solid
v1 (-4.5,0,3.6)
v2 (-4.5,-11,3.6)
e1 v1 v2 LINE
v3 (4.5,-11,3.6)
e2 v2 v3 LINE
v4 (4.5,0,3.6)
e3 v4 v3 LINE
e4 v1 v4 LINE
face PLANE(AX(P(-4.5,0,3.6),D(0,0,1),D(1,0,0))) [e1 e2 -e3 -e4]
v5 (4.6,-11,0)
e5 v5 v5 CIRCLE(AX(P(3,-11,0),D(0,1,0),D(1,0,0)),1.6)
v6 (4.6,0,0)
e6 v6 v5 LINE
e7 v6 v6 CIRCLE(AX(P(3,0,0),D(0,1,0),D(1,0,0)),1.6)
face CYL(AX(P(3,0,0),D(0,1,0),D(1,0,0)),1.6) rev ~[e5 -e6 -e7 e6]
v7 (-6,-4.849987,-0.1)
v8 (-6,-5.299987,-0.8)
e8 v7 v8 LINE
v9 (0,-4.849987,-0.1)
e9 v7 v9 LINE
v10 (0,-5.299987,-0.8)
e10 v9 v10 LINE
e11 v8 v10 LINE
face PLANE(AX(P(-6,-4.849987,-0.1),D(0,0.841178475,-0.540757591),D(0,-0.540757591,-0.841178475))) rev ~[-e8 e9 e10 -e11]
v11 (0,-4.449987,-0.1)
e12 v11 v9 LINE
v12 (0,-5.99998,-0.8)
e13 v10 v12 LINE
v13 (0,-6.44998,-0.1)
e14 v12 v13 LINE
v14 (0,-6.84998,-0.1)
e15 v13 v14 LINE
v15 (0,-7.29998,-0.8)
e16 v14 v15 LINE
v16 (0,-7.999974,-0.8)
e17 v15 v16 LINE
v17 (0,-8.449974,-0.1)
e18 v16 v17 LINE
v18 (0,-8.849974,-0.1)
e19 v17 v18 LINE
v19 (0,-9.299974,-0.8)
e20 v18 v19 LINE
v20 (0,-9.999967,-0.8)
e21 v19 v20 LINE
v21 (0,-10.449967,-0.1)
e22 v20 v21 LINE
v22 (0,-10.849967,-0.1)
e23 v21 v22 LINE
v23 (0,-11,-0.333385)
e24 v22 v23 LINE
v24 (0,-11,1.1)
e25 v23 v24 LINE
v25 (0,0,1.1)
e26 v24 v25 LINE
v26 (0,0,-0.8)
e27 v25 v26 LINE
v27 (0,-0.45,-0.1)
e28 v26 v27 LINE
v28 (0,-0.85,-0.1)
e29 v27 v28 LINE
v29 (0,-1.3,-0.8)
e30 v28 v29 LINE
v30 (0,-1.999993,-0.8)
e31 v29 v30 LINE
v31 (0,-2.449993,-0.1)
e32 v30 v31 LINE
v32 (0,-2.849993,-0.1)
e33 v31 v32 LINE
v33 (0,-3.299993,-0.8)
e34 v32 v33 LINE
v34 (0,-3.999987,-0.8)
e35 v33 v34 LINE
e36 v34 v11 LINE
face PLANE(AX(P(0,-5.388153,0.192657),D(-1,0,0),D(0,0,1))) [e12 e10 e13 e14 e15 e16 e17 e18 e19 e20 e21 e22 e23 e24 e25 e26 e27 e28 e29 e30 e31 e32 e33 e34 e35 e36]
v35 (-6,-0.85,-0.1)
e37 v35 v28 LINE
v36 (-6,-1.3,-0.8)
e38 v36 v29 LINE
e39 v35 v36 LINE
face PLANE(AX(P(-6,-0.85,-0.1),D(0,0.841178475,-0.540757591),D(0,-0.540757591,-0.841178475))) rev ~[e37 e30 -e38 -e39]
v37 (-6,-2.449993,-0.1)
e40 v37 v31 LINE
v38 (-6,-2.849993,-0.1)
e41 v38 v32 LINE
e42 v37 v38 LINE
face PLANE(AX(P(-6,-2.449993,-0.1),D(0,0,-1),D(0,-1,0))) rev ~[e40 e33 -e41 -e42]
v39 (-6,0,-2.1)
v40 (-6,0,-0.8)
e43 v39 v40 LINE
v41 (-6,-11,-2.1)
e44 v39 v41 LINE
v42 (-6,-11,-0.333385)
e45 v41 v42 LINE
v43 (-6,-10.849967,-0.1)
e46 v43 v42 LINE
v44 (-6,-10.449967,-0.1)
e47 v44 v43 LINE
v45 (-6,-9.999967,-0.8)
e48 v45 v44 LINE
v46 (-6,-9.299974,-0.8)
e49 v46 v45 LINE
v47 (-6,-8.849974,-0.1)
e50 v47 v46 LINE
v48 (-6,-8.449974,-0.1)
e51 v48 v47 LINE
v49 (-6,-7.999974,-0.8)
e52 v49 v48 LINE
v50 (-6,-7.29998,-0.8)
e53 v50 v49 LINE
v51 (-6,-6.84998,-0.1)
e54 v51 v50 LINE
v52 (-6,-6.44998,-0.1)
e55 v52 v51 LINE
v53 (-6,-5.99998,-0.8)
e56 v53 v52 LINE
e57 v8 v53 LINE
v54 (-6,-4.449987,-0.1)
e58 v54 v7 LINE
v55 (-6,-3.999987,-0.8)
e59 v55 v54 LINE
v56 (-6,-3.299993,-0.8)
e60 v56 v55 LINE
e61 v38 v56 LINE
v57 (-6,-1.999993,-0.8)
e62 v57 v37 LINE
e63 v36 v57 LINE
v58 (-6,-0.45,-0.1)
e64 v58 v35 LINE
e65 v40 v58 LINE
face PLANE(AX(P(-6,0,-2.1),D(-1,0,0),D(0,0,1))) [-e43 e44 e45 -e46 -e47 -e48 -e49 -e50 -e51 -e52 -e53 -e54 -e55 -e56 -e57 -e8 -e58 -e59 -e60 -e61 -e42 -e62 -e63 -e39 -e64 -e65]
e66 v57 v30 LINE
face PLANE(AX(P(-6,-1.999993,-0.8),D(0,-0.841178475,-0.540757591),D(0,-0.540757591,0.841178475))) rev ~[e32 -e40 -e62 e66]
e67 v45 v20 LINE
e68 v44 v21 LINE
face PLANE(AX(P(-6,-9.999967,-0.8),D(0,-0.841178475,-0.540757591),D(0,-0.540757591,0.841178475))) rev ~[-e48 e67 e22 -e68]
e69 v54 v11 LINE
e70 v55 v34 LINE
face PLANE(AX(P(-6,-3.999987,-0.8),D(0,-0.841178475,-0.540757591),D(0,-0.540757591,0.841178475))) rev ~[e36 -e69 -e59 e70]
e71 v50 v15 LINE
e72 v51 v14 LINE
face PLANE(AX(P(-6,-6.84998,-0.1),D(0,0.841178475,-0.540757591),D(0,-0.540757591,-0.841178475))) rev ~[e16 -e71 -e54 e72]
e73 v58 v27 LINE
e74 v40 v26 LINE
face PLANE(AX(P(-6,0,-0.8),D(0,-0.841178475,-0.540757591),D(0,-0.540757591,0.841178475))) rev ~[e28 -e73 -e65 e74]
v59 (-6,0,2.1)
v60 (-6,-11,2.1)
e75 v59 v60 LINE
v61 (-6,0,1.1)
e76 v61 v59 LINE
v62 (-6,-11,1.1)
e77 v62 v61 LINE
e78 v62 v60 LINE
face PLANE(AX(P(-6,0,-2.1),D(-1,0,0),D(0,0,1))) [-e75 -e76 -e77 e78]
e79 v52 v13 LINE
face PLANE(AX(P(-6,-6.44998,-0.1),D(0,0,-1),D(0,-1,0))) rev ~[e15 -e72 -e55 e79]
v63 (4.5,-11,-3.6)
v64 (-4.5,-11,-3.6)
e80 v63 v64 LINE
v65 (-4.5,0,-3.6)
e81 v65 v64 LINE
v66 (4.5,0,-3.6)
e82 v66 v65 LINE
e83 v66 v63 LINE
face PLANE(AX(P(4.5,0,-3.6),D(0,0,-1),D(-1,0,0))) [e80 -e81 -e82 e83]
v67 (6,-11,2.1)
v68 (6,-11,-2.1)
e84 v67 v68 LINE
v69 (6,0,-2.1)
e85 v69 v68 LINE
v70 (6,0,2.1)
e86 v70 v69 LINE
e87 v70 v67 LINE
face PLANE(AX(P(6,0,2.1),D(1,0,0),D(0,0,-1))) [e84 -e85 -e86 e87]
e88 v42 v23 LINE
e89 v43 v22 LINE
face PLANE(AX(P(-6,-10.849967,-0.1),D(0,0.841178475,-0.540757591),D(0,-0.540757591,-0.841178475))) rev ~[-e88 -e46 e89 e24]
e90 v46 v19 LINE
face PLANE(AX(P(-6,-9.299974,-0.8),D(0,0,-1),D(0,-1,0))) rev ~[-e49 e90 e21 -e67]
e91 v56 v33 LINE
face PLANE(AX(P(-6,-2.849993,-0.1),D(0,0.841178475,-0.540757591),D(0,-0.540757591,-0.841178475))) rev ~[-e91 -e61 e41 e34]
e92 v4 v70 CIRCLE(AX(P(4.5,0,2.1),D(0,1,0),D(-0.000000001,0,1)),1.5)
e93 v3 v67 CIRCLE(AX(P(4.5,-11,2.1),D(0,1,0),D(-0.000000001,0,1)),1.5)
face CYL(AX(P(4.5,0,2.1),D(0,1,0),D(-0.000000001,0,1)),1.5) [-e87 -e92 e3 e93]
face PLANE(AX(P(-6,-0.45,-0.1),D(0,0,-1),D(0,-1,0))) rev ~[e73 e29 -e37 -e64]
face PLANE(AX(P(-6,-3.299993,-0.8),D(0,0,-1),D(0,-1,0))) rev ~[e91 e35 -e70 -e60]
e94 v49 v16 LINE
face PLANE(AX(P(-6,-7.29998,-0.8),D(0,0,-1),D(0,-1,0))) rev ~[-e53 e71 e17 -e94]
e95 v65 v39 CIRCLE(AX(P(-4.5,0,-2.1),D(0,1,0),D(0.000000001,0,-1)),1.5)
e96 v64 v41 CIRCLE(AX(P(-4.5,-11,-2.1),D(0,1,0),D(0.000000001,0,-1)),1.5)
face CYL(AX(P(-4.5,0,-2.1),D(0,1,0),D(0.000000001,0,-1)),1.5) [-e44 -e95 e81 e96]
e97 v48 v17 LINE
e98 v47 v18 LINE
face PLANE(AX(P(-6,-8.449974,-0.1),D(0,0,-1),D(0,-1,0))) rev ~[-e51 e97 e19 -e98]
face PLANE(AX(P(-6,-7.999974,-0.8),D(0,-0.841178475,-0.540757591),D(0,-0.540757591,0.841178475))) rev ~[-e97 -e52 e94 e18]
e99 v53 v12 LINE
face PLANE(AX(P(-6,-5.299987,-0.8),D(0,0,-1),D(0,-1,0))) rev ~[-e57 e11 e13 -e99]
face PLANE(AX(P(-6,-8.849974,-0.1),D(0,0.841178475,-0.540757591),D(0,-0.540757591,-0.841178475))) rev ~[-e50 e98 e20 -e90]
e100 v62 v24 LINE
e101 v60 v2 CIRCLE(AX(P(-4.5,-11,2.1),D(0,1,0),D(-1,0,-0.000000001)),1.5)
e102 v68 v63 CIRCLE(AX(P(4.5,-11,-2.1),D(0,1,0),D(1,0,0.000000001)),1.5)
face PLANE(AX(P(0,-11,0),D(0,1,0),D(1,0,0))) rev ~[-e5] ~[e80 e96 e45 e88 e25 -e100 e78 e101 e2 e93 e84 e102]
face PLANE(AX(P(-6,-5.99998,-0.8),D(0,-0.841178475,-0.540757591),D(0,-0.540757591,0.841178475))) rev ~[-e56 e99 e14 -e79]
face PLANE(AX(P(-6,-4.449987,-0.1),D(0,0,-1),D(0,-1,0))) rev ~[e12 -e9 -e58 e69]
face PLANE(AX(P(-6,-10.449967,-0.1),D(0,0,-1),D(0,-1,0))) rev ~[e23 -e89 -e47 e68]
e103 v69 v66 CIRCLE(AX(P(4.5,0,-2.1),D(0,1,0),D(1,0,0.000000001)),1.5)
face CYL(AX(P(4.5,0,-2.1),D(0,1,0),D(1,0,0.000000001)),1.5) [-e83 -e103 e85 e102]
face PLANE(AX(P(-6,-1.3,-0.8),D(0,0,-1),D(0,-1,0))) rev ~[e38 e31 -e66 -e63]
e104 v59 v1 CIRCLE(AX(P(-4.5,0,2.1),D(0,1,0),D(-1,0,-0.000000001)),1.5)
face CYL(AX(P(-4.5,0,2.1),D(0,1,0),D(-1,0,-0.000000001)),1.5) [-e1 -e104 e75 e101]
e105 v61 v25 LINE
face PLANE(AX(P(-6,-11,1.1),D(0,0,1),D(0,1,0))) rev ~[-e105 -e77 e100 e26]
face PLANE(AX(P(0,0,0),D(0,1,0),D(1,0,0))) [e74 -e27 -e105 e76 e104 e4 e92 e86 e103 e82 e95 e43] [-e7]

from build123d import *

# Parameters (mm, degrees)
SKETCH1_R           = 1.6
BOSS_EXTRUDE1_DEPTH = 11
CUT_EXTRUDE1_DEPTH  = 6


with BuildPart() as part:
    # Sketch1 → Boss-Extrude1 (new body)
    with BuildSketch(Plane(origin=(0, 0, 0), x_dir=(1, 0, 0), z_dir=(0, 1, 0))):
        with BuildLine():
            Line((-4.5, -3.6), (4.5, -3.6))
            ThreePointArc((4.5, -3.6), (5.560660172, -3.160660172), (6, -2.1))
            Line((6, -2.1), (6, 2.1))
            ThreePointArc((6, 2.1), (5.560660172, 3.160660172), (4.5, 3.6))
            Line((4.5, 3.6), (-4.5, 3.6))
            ThreePointArc((-4.5, 3.6), (-5.560660172, 3.160660172), (-6, 2.1))
            Line((-6, 2.1), (-6, -2.1))
            ThreePointArc((-6, -2.1), (-5.560660172, -3.160660172), (-4.5, -3.6))
        make_face()
        with Locations((3, 0)):
            Circle(SKETCH1_R, mode=Mode.SUBTRACT)
    extrude(amount=-BOSS_EXTRUDE1_DEPTH)

    # Sketch2 → Cut-Extrude1 (cut)
    with BuildSketch(Plane.ZY.offset(6)):
        Polygon((-0.333384704, -11), (1.1, -11), (1.1, 0), (-0.8, 0), (-0.1, -0.45), (-0.1, -0.85), (-0.8, -1.3), (-0.8, -1.65), (-0.8, -1.999993395), (-0.1, -2.449993395), (-0.1, -2.849993395), (-0.8, -3.299993395), (-0.8, -3.64998679), (-0.8, -3.99998679), (-0.1, -4.44998679), (-0.1, -4.84998679), (-0.8, -5.29998679), (-0.8, -5.649980186), (-0.8, -5.999980186), (-0.1, -6.449980186), (-0.1, -6.849980186), (-0.8, -7.299980186), (-0.8, -7.649973581), (-0.8, -7.999973581), (-0.1, -8.449973581), (-0.1, -8.849973581), (-0.8, -9.299973581), (-0.8, -9.649966976), (-0.8, -9.999966976), (-0.1, -10.449966976), (-0.1, -10.849966976), align=None)
    extrude(amount=-CUT_EXTRUDE1_DEPTH, mode=Mode.SUBTRACT)


solid = part.part
